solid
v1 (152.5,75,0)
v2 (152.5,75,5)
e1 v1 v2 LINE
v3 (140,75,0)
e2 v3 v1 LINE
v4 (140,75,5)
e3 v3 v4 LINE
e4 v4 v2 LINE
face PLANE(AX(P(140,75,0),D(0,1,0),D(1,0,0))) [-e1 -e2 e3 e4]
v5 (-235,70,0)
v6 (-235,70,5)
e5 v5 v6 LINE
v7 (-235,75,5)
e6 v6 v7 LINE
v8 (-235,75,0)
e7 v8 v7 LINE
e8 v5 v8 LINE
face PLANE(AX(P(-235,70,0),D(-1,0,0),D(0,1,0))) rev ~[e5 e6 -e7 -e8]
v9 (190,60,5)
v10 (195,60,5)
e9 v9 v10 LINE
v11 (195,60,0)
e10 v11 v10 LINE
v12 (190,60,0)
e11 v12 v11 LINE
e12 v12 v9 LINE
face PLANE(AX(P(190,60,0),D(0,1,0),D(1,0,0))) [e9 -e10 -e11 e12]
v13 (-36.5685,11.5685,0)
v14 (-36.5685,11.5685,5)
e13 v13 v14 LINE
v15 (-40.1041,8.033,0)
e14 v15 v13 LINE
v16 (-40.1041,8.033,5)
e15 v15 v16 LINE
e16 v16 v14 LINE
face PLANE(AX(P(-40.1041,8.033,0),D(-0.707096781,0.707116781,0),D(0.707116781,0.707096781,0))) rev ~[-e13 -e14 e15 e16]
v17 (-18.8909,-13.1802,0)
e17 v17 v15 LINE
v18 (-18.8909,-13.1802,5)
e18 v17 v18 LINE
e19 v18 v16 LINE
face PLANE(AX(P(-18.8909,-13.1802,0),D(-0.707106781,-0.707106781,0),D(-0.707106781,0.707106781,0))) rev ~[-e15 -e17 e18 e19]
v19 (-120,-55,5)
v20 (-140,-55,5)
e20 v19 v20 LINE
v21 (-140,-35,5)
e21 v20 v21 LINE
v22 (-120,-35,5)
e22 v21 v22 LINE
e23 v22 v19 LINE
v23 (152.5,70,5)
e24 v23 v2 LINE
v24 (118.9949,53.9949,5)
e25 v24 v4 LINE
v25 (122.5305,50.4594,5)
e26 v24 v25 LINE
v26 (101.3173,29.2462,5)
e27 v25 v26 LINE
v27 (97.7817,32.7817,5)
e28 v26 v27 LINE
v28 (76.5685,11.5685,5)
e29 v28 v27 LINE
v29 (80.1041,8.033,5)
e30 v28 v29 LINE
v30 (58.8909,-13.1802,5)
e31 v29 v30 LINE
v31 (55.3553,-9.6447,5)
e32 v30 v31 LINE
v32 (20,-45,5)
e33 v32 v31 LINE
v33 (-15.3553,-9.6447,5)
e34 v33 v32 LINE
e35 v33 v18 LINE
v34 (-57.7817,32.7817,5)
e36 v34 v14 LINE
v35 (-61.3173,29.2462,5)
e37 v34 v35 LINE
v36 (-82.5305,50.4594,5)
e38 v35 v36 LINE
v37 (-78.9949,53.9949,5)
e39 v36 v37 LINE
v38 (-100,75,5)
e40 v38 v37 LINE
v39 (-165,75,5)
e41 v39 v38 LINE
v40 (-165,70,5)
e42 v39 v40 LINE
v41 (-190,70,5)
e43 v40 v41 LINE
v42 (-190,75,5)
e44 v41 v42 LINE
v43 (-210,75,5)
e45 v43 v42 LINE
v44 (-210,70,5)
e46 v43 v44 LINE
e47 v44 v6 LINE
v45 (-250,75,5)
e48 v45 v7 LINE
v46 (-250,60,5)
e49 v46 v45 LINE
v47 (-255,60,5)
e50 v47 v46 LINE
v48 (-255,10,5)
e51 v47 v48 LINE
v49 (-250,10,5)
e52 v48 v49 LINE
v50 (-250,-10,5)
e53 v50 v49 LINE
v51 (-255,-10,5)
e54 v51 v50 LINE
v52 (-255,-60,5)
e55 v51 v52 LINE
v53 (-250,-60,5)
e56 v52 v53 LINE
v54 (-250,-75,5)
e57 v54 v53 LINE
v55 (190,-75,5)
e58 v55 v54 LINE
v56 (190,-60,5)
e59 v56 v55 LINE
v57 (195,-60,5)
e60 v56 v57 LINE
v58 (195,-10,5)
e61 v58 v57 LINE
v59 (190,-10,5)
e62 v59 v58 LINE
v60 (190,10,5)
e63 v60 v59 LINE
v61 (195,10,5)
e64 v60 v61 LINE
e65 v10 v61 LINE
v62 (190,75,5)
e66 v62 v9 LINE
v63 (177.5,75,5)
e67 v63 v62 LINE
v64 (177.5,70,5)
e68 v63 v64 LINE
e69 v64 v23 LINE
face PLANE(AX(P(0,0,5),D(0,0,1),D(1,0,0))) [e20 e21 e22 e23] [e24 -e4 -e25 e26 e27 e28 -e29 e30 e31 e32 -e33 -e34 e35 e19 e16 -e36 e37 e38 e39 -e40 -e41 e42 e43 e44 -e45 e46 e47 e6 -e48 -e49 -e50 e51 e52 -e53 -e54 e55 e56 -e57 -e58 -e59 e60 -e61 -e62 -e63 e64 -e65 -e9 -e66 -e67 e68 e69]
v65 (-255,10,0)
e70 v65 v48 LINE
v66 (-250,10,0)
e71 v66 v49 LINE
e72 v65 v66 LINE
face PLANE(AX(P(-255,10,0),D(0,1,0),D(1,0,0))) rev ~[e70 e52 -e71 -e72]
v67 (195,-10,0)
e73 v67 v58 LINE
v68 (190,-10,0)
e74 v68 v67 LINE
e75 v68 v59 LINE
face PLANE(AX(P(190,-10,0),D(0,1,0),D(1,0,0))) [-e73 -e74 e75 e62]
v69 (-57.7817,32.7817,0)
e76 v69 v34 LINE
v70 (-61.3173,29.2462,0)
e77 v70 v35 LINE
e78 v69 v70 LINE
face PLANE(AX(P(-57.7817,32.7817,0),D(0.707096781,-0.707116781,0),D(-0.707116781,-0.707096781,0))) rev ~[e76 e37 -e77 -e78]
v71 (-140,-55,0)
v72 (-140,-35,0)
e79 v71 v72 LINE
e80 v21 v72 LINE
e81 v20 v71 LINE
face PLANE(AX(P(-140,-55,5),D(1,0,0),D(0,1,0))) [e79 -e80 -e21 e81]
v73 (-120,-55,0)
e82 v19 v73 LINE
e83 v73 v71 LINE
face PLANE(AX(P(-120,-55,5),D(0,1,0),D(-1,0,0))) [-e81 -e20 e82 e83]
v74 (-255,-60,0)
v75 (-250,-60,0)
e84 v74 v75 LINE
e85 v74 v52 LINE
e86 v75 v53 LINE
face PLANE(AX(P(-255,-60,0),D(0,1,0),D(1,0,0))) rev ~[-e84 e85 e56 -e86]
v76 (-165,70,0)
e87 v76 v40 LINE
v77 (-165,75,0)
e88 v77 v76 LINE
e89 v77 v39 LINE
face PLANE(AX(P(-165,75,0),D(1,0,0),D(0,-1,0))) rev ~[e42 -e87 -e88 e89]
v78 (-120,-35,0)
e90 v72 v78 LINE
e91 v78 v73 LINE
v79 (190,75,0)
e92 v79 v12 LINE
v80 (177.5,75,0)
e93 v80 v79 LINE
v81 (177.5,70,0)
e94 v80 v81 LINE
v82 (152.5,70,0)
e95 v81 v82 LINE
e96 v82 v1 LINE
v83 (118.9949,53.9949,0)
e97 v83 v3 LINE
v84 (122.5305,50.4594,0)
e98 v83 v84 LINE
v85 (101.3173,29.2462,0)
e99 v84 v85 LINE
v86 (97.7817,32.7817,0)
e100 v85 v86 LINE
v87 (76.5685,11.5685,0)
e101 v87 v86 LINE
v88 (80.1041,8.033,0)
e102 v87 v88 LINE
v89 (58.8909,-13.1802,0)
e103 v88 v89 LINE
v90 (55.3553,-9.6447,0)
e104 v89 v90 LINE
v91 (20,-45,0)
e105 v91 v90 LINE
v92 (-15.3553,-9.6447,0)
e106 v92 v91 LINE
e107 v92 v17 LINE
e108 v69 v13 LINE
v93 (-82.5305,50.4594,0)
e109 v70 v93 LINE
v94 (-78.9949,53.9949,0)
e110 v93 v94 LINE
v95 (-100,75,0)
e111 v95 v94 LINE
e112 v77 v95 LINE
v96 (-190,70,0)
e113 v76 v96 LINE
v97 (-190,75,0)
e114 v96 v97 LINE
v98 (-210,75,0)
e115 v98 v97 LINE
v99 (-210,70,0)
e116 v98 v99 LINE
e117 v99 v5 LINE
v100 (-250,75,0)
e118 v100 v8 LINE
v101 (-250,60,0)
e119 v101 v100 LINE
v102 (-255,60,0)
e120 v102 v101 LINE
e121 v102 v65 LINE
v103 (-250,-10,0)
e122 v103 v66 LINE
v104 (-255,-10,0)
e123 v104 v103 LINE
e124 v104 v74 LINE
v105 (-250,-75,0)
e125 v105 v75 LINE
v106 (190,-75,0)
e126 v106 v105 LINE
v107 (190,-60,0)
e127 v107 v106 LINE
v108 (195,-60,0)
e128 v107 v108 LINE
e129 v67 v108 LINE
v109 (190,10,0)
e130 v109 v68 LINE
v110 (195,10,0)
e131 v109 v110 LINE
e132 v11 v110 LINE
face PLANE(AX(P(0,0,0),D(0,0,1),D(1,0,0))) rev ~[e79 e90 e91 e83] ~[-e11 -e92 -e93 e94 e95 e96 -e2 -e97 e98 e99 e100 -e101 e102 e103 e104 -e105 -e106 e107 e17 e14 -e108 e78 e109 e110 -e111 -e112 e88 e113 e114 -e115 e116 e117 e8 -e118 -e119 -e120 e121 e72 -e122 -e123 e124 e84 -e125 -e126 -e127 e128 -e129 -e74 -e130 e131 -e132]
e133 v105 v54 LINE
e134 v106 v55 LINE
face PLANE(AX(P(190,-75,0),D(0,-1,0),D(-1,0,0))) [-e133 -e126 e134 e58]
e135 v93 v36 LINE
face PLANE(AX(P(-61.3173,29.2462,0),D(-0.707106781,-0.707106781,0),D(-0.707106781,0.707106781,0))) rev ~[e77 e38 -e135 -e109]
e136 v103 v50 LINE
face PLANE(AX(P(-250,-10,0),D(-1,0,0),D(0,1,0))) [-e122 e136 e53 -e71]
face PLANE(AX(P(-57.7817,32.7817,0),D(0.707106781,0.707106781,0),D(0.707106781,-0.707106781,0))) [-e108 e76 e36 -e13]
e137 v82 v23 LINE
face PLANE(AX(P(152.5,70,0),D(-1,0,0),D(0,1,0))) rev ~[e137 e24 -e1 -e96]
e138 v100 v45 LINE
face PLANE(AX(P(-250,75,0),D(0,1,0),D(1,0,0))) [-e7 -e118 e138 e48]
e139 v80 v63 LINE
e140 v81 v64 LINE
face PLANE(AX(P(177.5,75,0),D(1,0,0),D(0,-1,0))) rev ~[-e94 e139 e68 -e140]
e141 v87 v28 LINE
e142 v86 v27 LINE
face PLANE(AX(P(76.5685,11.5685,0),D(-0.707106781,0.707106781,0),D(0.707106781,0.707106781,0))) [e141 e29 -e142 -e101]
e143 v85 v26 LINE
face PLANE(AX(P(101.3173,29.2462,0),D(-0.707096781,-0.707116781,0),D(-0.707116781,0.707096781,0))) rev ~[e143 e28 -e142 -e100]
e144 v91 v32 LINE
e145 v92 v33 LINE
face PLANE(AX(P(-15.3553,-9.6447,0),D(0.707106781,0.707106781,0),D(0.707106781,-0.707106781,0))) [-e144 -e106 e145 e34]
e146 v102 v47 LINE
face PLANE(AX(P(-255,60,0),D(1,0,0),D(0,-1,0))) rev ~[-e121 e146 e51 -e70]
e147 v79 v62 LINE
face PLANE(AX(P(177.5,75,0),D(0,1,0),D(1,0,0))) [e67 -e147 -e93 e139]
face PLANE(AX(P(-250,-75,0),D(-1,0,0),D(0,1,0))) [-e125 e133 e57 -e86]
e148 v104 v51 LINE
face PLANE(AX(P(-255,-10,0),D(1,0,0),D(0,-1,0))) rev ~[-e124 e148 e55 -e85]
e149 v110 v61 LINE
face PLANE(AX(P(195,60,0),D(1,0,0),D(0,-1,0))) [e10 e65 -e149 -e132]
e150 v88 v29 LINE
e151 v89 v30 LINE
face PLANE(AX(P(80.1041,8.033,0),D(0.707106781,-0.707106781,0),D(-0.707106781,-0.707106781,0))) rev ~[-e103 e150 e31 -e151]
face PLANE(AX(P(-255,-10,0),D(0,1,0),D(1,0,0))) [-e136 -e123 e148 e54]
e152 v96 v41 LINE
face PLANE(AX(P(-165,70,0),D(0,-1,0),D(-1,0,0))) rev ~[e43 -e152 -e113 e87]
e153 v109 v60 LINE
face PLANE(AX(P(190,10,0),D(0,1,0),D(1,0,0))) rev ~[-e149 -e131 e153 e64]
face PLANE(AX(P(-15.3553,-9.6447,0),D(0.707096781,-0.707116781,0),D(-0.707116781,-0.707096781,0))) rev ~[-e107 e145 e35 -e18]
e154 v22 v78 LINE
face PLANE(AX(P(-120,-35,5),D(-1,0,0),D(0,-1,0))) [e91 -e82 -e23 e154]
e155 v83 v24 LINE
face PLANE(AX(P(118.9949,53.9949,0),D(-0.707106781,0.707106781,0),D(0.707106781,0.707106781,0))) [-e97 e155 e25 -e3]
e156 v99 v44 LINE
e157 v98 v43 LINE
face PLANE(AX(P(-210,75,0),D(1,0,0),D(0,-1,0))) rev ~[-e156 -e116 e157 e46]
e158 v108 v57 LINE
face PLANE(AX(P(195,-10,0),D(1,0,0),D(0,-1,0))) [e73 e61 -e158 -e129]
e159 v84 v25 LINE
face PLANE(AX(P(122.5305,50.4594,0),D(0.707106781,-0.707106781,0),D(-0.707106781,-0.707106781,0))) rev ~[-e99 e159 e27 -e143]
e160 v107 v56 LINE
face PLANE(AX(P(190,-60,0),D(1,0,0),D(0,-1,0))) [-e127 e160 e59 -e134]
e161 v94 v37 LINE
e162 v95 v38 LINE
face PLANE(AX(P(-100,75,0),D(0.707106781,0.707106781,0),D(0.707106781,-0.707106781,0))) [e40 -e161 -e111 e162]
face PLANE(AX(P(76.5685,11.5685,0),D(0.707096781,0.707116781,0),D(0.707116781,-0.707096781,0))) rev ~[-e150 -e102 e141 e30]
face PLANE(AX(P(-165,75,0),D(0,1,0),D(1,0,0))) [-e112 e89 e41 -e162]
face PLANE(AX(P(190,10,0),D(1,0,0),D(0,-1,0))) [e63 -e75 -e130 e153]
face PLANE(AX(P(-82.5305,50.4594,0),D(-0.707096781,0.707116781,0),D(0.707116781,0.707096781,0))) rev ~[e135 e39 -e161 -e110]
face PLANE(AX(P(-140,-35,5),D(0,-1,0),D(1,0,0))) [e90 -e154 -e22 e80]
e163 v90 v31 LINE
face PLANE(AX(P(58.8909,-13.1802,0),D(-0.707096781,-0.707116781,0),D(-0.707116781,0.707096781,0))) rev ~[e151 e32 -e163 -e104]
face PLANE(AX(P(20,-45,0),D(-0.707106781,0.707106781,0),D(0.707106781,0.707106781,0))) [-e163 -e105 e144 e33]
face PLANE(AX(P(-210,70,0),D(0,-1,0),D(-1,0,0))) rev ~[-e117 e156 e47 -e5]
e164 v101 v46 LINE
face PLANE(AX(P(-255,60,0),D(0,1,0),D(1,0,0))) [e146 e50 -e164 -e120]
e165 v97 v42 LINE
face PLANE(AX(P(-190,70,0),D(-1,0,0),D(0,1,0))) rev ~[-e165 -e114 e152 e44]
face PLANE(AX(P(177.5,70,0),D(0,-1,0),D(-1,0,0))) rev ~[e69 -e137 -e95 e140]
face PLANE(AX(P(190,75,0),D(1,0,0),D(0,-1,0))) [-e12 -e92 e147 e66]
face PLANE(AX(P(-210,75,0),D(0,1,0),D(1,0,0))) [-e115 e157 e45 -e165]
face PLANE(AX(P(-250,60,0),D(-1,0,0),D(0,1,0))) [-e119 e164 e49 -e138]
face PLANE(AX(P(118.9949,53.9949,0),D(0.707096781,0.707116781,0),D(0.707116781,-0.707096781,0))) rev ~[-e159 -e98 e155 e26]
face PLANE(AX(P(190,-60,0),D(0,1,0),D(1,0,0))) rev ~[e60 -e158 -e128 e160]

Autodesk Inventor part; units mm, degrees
ref_plane "YZ Plane" through (0, 0, 0) normal (1, 0, 0) x (0, 1, 0)
ref_plane "XZ Plane" through (0, 0, 0) normal (0, 1, 0) x (-1, 0, 0)
ref_plane "XY Plane" through (0, 0, 0) normal (0, 0, 1) x (1, 0, 0)
sketch "Sketch1" plane through (0, 0, 0) normal (0, 0, 1) x (1, 0, 0)
  line L0 (190, -75) -> (-250, -75) projected
  line L1 (190, 75) -> (190, -75) projected
  line L2 (-250, 75) -> (-235, 75) projected
  line L3 (-250, -75) -> (-250, 75) projected
  line L4 (-255, -10) -> (-255, -60) projected
  line L5 (-255, -60) -> (-250, -60) projected
  line L6 (-250, -10) -> (-250, -60) projected
  line L7 (-255, -10) -> (-250, -10) projected
  line L8 (-255, 60) -> (-255, 10) projected
  line L9 (-255, 10) -> (-250, 10) projected
  line L10 (-250, 60) -> (-250, 10) projected
  line L11 (-255, 60) -> (-250, 60) projected
  line L12 (190, 60) -> (190, 10) projected
  line L13 (190, 10) -> (195, 10) projected
  line L14 (195, 60) -> (195, 10) projected
  line L15 (190, 60) -> (195, 60) projected
  line L16 (190, -10) -> (190, -60) projected
  line L17 (190, -60) -> (195, -60) projected
  line L18 (195, -10) -> (195, -60) projected
  line L19 (190, -10) -> (195, -10) projected
  line L20 (140, 75) -> (152.5, 75) projected
  line L21 (20, -45) -> (55.3553, -9.6447) projected
  line L22 (-100, 75) -> (-78.9949, 53.9949) projected
  line L23 (-15.3553, -9.6447) -> (-18.8909, -13.1802) projected
  line L24 (-18.8909, -13.1802) -> (-40.1041, 8.033) projected
  line L25 (-40.1041, 8.033) -> (-36.5685, 11.5685) projected
  line L26 (-57.7817, 32.7817) -> (-36.5685, 11.5685) projected
  line L27 (-57.7817, 32.7817) -> (-61.3173, 29.2462) projected
  line L28 (-61.3173, 29.2462) -> (-82.5305, 50.4594) projected
  line L29 (-82.5305, 50.4594) -> (-78.9949, 53.9949) projected
  line L30 (118.9949, 53.9949) -> (140, 75) projected
  line L31 (118.9949, 53.9949) -> (122.5305, 50.4594) projected
  line L32 (122.5305, 50.4594) -> (101.3173, 29.2462) projected
  line L33 (101.3173, 29.2462) -> (97.7817, 32.7817) projected
  line L34 (76.5685, 11.5685) -> (97.7817, 32.7817) projected
  line L35 (76.5685, 11.5685) -> (80.1041, 8.033) projected
  line L36 (80.1041, 8.033) -> (58.8909, -13.1802) projected
  line L37 (58.8909, -13.1802) -> (55.3553, -9.6447) projected
  line L38 (-15.3553, -9.6447) -> (20, -45) projected
  line L39 (-210, 75) -> (-210, 70) projected
  line L40 (-210, 70) -> (-235, 70) projected
  line L41 (-235, 70) -> (-235, 75) projected
  line L42 (177.5, 75) -> (190, 75) projected
  line L43 (177.5, 75) -> (177.5, 70) projected
  line L44 (177.5, 70) -> (152.5, 70) projected
  line L45 (152.5, 70) -> (152.5, 75) projected
  line L46 (-165, 75) -> (-100, 75) projected
  line L47 (-165, 75) -> (-165, 70) projected
  line L48 (-165, 70) -> (-190, 70) projected
  line L49 (-190, 70) -> (-190, 75) projected
  line L50 (-210, 75) -> (-190, 75) projected
  point P0 (0, 0)
extrude "Extrusion1" add sketch "Sketch1" along normal blind 5
sketch "Sketch2" plane through (0, 0, 5) normal (0, 0, 1) x (1, 0, 0)
  point P0 (0, 0)
sketch "Sketch4" plane through (0, 0, 5) normal (0, 0, 1) x (1, 0, 0)
  line L0 (190, -60) -> (195, -60) projected
  line L1 (195, -60) -> (195, -10) projected
  line L2 (195, -10) -> (190, -10) projected
  line L3 (190, -10) -> (190, 10) projected
  line L4 (190, 10) -> (195, 10) projected
  line L5 (195, 10) -> (195, 60) projected
  line L6 (195, 60) -> (190, 60) projected
  line L7 (190, 60) -> (190, 75) projected
  line L8 (190, 75) -> (177.5, 75) projected
  line L9 (177.5, 75) -> (177.5, 70) projected
  line L10 (177.5, 70) -> (152.5, 70) projected
  line L11 (152.5, 70) -> (152.5, 75) projected
  line L12 (152.5, 75) -> (140, 75) projected
  line L13 (140, 75) -> (118.9949, 53.9949) projected
  line L14 (118.9949, 53.9949) -> (122.5305, 50.4594) projected
  line L15 (122.5305, 50.4594) -> (101.3173, 29.2462) projected
  line L16 (101.3173, 29.2462) -> (97.7817, 32.7817) projected
  line L17 (97.7817, 32.7817) -> (76.5685, 11.5685) projected
  line L18 (76.5685, 11.5685) -> (80.1041, 8.033) projected
  line L19 (80.1041, 8.033) -> (58.8909, -13.1802) projected
  line L20 (58.8909, -13.1802) -> (55.3553, -9.6447) projected
  line L21 (55.3553, -9.6447) -> (20, -45) projected
  line L22 (20, -45) -> (-15.3553, -9.6447) projected
  line L23 (-15.3553, -9.6447) -> (-18.8909, -13.1802) projected
  line L24 (-18.8909, -13.1802) -> (-40.1041, 8.033) projected
  line L25 (-40.1041, 8.033) -> (-36.5685, 11.5685) projected
  line L26 (-36.5685, 11.5685) -> (-57.7817, 32.7817) projected
  line L27 (-57.7817, 32.7817) -> (-61.3173, 29.2462) projected
  line L28 (-61.3173, 29.2462) -> (-82.5305, 50.4594) projected
  line L29 (-82.5305, 50.4594) -> (-78.9949, 53.9949) projected
  line L30 (-78.9949, 53.9949) -> (-100, 75) projected
  line L31 (-100, 75) -> (-165, 75) projected
  line L32 (-165, 75) -> (-165, 70) projected
  line L33 (-165, 70) -> (-190, 70) projected
  line L34 (-190, 70) -> (-190, 75) projected
  line L35 (-190, 75) -> (-210, 75) projected
  line L36 (-210, 75) -> (-210, 70) projected
  line L37 (-210, 70) -> (-235, 70) projected
  line L38 (-235, 70) -> (-235, 75) projected
  line L39 (-235, 75) -> (-250, 75) projected
  line L40 (-250, 75) -> (-250, 60) projected
  line L41 (-250, 60) -> (-255, 60) projected
  line L42 (-255, 60) -> (-255, 10) projected
  line L43 (-255, 10) -> (-250, 10) projected
  line L44 (-250, 10) -> (-250, -10) projected
  line L45 (-250, -10) -> (-255, -10) projected
  line L46 (-255, -10) -> (-255, -60) projected
  line L47 (-255, -60) -> (-250, -60) projected
  line L48 (-250, -60) -> (-250, -75) projected
  line L49 (-250, -75) -> (190, -75) projected
  line L50 (190, -75) -> (190, -60) projected
  line L51 (-140, -35) -> (-120, -35)
  line L52 (-120, -35) -> (-120, -55)
  line L53 (-120, -55) -> (-140, -55)
  line L54 (-140, -55) -> (-140, -35)
  point P0 (0, 0)
  dimension "d4" = 20
  dimension "d5" = 20
  dimension "d6" = 20
  dimension "d7" = 110
extrude "Extrusion3" cut sketch "Sketch4" against normal blind 10 contours L51 L52 L53 L54
properties part number "Fondo"
